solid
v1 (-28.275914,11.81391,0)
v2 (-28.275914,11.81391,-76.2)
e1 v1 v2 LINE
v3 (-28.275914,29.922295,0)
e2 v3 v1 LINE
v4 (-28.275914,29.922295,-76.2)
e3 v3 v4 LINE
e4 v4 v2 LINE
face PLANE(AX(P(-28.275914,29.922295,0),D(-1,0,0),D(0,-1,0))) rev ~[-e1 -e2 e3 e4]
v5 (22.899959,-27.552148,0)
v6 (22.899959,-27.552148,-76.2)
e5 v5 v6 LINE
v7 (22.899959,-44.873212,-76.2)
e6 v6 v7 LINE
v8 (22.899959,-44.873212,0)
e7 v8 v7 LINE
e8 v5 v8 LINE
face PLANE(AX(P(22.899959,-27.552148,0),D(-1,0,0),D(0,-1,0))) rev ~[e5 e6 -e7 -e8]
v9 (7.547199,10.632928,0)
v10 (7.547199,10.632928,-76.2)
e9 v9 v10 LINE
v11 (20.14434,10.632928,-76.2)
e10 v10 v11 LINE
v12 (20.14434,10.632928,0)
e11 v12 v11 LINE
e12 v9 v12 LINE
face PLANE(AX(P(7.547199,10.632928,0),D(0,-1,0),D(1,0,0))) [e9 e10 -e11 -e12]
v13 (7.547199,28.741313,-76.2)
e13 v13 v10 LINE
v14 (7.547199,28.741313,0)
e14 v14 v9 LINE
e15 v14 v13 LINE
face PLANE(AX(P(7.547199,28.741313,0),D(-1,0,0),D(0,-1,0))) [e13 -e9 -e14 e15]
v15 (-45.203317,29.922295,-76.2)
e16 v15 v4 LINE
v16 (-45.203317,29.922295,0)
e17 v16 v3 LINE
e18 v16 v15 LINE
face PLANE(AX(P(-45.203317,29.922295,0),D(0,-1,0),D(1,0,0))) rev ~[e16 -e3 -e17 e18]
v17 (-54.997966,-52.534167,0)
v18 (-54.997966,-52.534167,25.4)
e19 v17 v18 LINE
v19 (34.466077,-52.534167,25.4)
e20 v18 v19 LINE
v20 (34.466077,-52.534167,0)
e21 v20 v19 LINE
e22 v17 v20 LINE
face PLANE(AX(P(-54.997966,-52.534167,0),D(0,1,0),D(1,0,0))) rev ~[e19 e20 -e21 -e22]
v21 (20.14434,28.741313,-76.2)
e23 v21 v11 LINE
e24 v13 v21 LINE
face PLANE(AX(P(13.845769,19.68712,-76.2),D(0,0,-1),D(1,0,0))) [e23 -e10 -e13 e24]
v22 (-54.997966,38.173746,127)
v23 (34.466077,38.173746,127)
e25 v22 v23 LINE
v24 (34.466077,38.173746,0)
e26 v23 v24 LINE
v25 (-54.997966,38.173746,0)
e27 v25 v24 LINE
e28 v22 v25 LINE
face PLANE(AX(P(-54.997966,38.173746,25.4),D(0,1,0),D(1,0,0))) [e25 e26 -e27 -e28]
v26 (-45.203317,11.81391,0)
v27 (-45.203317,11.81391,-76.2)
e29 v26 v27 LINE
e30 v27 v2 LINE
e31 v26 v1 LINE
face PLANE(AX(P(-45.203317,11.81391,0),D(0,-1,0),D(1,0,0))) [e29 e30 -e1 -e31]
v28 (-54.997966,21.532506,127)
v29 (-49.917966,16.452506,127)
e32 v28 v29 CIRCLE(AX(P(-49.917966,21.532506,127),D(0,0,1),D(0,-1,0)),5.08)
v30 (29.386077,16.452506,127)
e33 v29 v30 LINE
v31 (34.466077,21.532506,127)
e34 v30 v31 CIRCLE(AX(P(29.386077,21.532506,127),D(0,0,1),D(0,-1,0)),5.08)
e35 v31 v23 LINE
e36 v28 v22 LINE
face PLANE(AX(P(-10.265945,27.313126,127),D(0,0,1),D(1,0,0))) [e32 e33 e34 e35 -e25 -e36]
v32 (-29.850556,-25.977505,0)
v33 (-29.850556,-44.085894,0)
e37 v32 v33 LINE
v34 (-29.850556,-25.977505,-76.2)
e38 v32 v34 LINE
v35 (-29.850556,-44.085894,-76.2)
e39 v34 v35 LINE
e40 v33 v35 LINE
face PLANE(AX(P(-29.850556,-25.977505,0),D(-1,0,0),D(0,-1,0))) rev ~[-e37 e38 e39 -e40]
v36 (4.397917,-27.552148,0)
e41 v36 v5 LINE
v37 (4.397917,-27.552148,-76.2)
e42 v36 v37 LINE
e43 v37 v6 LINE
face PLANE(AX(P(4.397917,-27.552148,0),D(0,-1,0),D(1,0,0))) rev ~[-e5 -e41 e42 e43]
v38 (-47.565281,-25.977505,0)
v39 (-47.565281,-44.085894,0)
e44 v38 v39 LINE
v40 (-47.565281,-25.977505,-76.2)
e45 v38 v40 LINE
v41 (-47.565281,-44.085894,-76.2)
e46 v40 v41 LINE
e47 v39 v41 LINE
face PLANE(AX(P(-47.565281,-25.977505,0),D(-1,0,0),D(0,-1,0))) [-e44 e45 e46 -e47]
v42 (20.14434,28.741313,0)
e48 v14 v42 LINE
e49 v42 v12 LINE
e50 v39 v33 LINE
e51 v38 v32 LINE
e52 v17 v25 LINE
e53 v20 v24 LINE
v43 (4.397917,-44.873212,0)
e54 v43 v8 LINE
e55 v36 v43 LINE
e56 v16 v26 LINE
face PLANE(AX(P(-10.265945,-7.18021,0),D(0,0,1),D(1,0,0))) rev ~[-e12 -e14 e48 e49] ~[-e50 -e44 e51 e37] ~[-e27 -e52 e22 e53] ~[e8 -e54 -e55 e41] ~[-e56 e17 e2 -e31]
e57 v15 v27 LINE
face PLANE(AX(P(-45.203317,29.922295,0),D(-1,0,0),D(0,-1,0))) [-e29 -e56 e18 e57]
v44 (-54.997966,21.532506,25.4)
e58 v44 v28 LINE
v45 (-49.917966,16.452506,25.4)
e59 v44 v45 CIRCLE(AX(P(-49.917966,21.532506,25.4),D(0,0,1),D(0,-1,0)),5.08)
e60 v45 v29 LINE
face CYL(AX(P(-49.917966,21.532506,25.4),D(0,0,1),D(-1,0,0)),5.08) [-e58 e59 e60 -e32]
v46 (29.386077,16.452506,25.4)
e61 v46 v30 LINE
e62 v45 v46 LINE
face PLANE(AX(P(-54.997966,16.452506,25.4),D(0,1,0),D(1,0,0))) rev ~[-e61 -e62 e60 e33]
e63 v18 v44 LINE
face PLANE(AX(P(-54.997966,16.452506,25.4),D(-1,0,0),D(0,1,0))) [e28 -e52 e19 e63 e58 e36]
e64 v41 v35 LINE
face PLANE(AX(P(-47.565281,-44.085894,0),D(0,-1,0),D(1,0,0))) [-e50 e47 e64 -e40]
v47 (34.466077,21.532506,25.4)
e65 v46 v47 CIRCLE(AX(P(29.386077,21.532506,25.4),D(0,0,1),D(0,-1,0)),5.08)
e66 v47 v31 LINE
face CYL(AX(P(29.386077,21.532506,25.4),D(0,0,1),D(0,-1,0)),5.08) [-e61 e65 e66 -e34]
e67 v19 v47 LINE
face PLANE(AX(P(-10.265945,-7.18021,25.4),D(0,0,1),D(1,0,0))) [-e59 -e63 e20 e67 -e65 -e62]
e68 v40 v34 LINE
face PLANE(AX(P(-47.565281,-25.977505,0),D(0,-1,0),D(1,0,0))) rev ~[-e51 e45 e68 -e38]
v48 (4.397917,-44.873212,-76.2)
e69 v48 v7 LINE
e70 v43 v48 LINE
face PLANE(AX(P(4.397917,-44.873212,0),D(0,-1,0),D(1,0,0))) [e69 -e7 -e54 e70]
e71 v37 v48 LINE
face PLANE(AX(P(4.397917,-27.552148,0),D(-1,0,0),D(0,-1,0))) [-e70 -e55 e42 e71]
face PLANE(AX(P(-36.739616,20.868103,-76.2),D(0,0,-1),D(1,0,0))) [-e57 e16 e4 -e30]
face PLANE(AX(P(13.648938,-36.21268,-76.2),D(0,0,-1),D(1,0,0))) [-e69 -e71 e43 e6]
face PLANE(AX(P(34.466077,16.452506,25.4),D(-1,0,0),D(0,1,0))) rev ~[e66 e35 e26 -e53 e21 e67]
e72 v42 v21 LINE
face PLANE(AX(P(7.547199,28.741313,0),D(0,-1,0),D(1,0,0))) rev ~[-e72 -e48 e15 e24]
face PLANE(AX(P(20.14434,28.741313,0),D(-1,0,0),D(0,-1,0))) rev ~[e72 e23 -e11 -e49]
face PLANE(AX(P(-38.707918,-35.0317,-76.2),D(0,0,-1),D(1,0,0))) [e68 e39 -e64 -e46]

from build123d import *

# Parameters (mm, degrees)
F0_W     = 89.4640423357
F0_H     = 90.7079130411
F1_DEPTH = 25.4
F2_W     = 89.4640423357
F2_H     = 21.721240133
F3_DEPTH = 101.6
F4_W     = 17.7147258073
F4_H     = 18.108388409
F4_W_2   = 18.5020421632
F4_H_2   = 17.3210632056
F4_W_3   = 12.5971408561
F4_H_3   = 18.1083856151
F4_W_4   = 16.9274024665
F5_DEPTH = 76.2
F6_R     = 5.08


with BuildPart() as f1:
    # F0 (on Top) → F1 (new body)
    with BuildSketch(Plane.XY):
        with Locations((-10.2659445256, -7.1802102029)):
            Rectangle(F0_W, F0_H)
    extrude(amount=F1_DEPTH)

    # F2 (on face) → F3 (join)
    with BuildSketch(Plane.XY.offset(25.4)):
        with Locations((-10.2659445256, 27.3131262511)):
            Rectangle(F2_W, F2_H)
    extrude(amount=F3_DEPTH)

    # F4 (on face) → F5 (join)
    with BuildSketch(Plane(origin=(0, 0, 0), x_dir=(1, 0, 0), z_dir=(0, 0, -1))):
        with Locations((-38.7079184875, 35.0316995755)):
            Rectangle(F4_W, F4_H)
        with Locations((13.6489381548, 36.21267993)):
            Rectangle(F4_W_2, F4_H_2)
        with Locations((13.8457692228, -19.687120337)):
            Rectangle(F4_W_3, F4_H_3)
        with Locations((-36.7396157235, -20.8681025542)):
            Rectangle(F4_W_4, F4_H_3)
    extrude(amount=F5_DEPTH)

    # F6
    f6_edges = [f1.edges().sort_by_distance(p)[0] for p in [
        (34.466077, 16.452506, 76.2),
        (-54.997966, 16.452506, 76.2),
    ]]
    fillet(f6_edges, radius=F6_R)


solid = f1.part
